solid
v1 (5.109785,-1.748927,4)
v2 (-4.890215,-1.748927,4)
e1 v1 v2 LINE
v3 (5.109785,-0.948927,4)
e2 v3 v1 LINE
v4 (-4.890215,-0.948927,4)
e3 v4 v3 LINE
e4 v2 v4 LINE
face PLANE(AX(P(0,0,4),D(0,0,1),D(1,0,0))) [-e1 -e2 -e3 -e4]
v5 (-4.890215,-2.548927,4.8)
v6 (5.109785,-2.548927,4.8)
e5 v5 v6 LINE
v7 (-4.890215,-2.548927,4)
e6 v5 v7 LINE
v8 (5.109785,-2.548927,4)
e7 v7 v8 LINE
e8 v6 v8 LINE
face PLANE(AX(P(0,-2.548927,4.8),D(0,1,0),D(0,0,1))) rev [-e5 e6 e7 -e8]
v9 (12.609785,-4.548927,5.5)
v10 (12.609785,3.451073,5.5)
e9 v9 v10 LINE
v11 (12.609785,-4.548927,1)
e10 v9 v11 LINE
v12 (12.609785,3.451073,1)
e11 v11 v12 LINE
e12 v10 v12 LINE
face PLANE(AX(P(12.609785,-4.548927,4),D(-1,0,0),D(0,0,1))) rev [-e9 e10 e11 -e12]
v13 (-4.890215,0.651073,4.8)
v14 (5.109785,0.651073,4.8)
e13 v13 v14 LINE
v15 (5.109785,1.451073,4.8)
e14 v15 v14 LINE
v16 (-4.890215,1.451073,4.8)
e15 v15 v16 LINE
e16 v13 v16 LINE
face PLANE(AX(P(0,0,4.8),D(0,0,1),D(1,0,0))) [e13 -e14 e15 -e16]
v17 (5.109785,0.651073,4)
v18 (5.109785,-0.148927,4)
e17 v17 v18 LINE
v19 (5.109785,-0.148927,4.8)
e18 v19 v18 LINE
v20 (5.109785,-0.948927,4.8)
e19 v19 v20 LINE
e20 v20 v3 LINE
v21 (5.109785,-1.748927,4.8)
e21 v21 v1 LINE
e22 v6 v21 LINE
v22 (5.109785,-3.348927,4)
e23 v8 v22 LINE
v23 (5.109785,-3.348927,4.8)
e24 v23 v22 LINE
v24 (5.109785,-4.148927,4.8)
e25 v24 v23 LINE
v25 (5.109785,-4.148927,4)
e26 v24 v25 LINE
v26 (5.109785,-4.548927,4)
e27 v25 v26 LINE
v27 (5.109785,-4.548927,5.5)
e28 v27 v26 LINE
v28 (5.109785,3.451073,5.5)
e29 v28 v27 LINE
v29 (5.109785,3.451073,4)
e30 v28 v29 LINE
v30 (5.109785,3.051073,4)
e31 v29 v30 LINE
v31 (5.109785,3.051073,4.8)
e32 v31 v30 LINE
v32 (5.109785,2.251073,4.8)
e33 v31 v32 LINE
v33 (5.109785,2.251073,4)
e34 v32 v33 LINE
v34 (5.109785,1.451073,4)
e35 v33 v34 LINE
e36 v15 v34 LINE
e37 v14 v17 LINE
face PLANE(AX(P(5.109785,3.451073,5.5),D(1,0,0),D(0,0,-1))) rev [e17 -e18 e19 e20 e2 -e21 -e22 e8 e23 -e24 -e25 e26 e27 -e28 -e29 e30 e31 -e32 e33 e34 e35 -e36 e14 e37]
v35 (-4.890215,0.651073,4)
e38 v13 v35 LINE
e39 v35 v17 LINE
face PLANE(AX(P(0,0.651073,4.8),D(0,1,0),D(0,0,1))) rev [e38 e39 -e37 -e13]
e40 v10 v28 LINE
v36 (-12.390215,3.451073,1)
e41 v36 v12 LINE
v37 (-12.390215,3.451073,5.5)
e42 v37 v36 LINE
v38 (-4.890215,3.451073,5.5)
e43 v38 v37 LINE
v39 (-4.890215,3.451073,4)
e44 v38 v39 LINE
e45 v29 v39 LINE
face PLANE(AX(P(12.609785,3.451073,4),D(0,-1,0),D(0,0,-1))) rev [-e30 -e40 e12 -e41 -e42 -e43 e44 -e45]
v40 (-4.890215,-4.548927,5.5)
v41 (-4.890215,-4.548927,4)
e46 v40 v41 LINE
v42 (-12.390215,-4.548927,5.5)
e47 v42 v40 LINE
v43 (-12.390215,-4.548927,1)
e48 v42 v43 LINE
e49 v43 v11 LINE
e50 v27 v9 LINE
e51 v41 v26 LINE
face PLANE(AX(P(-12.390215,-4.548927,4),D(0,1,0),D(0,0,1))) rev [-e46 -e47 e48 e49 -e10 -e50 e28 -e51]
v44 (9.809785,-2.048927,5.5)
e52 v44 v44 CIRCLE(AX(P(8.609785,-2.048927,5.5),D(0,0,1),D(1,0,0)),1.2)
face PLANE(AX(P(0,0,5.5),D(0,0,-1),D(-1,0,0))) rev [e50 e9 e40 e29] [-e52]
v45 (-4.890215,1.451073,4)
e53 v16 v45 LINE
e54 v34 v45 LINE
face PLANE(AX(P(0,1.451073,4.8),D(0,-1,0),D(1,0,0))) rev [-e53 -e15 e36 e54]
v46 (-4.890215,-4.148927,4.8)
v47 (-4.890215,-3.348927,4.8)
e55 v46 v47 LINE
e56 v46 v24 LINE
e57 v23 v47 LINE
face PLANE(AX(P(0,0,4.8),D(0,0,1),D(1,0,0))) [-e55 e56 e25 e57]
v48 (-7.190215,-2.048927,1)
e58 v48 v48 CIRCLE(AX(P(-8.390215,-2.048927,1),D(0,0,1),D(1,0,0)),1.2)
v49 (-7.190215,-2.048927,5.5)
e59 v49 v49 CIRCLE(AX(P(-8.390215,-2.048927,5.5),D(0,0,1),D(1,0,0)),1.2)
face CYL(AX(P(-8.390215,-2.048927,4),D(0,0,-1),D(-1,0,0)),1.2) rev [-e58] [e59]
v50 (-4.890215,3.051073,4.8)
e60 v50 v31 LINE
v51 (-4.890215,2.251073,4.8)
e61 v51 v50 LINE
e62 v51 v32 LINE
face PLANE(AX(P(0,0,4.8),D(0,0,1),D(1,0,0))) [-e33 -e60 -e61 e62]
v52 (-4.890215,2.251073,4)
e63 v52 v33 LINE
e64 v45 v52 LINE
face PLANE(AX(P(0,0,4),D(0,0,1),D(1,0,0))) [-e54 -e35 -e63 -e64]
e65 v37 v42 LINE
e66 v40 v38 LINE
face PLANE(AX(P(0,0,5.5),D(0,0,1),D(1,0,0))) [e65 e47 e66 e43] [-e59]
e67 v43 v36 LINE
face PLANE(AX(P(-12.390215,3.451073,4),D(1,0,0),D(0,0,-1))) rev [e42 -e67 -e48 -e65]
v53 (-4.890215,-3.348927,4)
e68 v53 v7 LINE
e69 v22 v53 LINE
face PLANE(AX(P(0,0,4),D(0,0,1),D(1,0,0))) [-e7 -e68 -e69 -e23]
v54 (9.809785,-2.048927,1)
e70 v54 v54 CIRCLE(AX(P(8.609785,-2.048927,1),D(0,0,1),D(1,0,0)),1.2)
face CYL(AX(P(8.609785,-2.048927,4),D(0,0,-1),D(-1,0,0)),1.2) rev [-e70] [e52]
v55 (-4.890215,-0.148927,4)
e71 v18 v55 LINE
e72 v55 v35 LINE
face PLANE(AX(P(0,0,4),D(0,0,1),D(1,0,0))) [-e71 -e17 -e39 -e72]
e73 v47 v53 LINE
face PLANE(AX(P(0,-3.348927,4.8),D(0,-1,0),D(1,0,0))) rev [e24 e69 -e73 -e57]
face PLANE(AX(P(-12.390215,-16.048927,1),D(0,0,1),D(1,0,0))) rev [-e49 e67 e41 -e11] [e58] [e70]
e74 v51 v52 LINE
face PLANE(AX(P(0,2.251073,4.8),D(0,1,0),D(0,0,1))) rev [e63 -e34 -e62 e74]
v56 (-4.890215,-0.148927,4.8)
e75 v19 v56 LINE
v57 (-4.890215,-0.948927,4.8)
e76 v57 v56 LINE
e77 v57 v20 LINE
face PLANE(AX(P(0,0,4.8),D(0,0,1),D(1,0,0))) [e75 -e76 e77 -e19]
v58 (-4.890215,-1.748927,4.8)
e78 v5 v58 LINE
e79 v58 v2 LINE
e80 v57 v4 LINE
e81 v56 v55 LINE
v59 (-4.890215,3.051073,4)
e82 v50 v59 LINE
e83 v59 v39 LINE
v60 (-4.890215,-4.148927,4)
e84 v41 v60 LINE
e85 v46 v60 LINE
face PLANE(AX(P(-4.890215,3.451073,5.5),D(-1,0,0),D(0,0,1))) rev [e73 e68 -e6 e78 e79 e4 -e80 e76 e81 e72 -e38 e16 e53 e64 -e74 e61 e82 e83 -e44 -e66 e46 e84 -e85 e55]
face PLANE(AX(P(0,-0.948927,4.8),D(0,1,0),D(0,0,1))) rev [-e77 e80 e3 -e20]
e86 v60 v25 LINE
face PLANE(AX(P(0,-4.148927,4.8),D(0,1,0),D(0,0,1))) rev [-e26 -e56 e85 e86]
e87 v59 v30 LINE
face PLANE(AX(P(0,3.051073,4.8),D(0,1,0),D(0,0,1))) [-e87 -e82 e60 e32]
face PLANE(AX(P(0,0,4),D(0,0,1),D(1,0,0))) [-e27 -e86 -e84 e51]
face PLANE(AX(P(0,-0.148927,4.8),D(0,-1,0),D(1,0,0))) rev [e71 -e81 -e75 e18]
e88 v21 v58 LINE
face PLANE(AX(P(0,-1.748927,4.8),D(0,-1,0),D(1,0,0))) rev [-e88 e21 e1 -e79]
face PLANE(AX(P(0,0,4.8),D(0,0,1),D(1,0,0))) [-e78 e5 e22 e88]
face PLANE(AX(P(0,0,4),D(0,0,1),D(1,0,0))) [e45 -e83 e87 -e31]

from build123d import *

# Parameters (mm, degrees)
SKETCH_1_W          = 25
SKETCH_1_H          = 8
SKETCH_1_R          = 1.2
EXTRUDE_2_DEPTH     = 4
SKETCH_2_W          = 10
SKETCH_2_H          = 0.8
EXTRUDE_3_DEPTH     = 0.8
SKETCH_3_W          = 7.5
SKETCH_3_H          = 8
SKETCH_3_R          = 1.2
EXTRUDE_4_DEPTH     = 1.5
SKETCH_4_W          = 25
SKETCH_4_H          = 1
CUT_EXTRUDE_1_DEPTH = 19.5


with BuildPart() as part:
    # 草图1 → 凸台-拉伸2 (new body)
    with BuildSketch(Plane.XY):
        with Locations((0.109785312, -0.548926558)):
            Rectangle(SKETCH_1_W, SKETCH_1_H)
        with Locations((-8.390214688, -2.048926558)):
            Circle(SKETCH_1_R, mode=Mode.SUBTRACT)
        with Locations((8.609785312, -2.048926558)):
            Circle(SKETCH_1_R, mode=Mode.SUBTRACT)
    extrude(amount=EXTRUDE_2_DEPTH)

    # 草图2 → 凸台-拉伸3 (add)
    with BuildSketch(Plane.XY.offset(4)):
        with Locations((0.109785312, -3.748926558)):
            Rectangle(SKETCH_2_W, SKETCH_2_H)
        with Locations((0.109785312, -2.148926558)):
            Rectangle(SKETCH_2_W, SKETCH_2_H)
        with Locations((0.109785312, -0.548926558)):
            Rectangle(SKETCH_2_W, SKETCH_2_H)
        with Locations((0.109785312, 2.651073442)):
            Rectangle(SKETCH_2_W, SKETCH_2_H)
        with Locations((0.109785312, 1.051073442)):
            Rectangle(SKETCH_2_W, SKETCH_2_H)
    extrude(amount=EXTRUDE_3_DEPTH)

    # 草图3 → 凸台-拉伸4 (add)
    # profile 1 of 2: a face of its own
    with BuildSketch(Plane.XY.offset(4)):
        with Locations((-8.640214688, -0.548926558)):
            Rectangle(SKETCH_3_W, SKETCH_3_H)
        with Locations((-8.390214688, -2.048926558)):
            Circle(SKETCH_3_R, mode=Mode.SUBTRACT)
    # profile 2 of 2: a face of its own
    with BuildSketch(Plane.XY.offset(4)):
        with Locations((8.859785312, -0.548926558)):
            Rectangle(SKETCH_3_W, SKETCH_3_H)
        with Locations((8.609785312, -2.048926558)):
            Circle(SKETCH_3_R, mode=Mode.SUBTRACT)
    extrude(amount=EXTRUDE_4_DEPTH)

    # 草图4 → 切除-拉伸1 (cut)
    with BuildSketch(Plane(origin=(0, 3.451073442, 0), x_dir=(1, 0, 0), z_dir=(0, 1, 0))):
        with Locations((0.109785312, -0.5)):
            Rectangle(SKETCH_4_W, SKETCH_4_H)
    extrude(amount=-CUT_EXTRUDE_1_DEPTH, mode=Mode.SUBTRACT)


solid = part.part
